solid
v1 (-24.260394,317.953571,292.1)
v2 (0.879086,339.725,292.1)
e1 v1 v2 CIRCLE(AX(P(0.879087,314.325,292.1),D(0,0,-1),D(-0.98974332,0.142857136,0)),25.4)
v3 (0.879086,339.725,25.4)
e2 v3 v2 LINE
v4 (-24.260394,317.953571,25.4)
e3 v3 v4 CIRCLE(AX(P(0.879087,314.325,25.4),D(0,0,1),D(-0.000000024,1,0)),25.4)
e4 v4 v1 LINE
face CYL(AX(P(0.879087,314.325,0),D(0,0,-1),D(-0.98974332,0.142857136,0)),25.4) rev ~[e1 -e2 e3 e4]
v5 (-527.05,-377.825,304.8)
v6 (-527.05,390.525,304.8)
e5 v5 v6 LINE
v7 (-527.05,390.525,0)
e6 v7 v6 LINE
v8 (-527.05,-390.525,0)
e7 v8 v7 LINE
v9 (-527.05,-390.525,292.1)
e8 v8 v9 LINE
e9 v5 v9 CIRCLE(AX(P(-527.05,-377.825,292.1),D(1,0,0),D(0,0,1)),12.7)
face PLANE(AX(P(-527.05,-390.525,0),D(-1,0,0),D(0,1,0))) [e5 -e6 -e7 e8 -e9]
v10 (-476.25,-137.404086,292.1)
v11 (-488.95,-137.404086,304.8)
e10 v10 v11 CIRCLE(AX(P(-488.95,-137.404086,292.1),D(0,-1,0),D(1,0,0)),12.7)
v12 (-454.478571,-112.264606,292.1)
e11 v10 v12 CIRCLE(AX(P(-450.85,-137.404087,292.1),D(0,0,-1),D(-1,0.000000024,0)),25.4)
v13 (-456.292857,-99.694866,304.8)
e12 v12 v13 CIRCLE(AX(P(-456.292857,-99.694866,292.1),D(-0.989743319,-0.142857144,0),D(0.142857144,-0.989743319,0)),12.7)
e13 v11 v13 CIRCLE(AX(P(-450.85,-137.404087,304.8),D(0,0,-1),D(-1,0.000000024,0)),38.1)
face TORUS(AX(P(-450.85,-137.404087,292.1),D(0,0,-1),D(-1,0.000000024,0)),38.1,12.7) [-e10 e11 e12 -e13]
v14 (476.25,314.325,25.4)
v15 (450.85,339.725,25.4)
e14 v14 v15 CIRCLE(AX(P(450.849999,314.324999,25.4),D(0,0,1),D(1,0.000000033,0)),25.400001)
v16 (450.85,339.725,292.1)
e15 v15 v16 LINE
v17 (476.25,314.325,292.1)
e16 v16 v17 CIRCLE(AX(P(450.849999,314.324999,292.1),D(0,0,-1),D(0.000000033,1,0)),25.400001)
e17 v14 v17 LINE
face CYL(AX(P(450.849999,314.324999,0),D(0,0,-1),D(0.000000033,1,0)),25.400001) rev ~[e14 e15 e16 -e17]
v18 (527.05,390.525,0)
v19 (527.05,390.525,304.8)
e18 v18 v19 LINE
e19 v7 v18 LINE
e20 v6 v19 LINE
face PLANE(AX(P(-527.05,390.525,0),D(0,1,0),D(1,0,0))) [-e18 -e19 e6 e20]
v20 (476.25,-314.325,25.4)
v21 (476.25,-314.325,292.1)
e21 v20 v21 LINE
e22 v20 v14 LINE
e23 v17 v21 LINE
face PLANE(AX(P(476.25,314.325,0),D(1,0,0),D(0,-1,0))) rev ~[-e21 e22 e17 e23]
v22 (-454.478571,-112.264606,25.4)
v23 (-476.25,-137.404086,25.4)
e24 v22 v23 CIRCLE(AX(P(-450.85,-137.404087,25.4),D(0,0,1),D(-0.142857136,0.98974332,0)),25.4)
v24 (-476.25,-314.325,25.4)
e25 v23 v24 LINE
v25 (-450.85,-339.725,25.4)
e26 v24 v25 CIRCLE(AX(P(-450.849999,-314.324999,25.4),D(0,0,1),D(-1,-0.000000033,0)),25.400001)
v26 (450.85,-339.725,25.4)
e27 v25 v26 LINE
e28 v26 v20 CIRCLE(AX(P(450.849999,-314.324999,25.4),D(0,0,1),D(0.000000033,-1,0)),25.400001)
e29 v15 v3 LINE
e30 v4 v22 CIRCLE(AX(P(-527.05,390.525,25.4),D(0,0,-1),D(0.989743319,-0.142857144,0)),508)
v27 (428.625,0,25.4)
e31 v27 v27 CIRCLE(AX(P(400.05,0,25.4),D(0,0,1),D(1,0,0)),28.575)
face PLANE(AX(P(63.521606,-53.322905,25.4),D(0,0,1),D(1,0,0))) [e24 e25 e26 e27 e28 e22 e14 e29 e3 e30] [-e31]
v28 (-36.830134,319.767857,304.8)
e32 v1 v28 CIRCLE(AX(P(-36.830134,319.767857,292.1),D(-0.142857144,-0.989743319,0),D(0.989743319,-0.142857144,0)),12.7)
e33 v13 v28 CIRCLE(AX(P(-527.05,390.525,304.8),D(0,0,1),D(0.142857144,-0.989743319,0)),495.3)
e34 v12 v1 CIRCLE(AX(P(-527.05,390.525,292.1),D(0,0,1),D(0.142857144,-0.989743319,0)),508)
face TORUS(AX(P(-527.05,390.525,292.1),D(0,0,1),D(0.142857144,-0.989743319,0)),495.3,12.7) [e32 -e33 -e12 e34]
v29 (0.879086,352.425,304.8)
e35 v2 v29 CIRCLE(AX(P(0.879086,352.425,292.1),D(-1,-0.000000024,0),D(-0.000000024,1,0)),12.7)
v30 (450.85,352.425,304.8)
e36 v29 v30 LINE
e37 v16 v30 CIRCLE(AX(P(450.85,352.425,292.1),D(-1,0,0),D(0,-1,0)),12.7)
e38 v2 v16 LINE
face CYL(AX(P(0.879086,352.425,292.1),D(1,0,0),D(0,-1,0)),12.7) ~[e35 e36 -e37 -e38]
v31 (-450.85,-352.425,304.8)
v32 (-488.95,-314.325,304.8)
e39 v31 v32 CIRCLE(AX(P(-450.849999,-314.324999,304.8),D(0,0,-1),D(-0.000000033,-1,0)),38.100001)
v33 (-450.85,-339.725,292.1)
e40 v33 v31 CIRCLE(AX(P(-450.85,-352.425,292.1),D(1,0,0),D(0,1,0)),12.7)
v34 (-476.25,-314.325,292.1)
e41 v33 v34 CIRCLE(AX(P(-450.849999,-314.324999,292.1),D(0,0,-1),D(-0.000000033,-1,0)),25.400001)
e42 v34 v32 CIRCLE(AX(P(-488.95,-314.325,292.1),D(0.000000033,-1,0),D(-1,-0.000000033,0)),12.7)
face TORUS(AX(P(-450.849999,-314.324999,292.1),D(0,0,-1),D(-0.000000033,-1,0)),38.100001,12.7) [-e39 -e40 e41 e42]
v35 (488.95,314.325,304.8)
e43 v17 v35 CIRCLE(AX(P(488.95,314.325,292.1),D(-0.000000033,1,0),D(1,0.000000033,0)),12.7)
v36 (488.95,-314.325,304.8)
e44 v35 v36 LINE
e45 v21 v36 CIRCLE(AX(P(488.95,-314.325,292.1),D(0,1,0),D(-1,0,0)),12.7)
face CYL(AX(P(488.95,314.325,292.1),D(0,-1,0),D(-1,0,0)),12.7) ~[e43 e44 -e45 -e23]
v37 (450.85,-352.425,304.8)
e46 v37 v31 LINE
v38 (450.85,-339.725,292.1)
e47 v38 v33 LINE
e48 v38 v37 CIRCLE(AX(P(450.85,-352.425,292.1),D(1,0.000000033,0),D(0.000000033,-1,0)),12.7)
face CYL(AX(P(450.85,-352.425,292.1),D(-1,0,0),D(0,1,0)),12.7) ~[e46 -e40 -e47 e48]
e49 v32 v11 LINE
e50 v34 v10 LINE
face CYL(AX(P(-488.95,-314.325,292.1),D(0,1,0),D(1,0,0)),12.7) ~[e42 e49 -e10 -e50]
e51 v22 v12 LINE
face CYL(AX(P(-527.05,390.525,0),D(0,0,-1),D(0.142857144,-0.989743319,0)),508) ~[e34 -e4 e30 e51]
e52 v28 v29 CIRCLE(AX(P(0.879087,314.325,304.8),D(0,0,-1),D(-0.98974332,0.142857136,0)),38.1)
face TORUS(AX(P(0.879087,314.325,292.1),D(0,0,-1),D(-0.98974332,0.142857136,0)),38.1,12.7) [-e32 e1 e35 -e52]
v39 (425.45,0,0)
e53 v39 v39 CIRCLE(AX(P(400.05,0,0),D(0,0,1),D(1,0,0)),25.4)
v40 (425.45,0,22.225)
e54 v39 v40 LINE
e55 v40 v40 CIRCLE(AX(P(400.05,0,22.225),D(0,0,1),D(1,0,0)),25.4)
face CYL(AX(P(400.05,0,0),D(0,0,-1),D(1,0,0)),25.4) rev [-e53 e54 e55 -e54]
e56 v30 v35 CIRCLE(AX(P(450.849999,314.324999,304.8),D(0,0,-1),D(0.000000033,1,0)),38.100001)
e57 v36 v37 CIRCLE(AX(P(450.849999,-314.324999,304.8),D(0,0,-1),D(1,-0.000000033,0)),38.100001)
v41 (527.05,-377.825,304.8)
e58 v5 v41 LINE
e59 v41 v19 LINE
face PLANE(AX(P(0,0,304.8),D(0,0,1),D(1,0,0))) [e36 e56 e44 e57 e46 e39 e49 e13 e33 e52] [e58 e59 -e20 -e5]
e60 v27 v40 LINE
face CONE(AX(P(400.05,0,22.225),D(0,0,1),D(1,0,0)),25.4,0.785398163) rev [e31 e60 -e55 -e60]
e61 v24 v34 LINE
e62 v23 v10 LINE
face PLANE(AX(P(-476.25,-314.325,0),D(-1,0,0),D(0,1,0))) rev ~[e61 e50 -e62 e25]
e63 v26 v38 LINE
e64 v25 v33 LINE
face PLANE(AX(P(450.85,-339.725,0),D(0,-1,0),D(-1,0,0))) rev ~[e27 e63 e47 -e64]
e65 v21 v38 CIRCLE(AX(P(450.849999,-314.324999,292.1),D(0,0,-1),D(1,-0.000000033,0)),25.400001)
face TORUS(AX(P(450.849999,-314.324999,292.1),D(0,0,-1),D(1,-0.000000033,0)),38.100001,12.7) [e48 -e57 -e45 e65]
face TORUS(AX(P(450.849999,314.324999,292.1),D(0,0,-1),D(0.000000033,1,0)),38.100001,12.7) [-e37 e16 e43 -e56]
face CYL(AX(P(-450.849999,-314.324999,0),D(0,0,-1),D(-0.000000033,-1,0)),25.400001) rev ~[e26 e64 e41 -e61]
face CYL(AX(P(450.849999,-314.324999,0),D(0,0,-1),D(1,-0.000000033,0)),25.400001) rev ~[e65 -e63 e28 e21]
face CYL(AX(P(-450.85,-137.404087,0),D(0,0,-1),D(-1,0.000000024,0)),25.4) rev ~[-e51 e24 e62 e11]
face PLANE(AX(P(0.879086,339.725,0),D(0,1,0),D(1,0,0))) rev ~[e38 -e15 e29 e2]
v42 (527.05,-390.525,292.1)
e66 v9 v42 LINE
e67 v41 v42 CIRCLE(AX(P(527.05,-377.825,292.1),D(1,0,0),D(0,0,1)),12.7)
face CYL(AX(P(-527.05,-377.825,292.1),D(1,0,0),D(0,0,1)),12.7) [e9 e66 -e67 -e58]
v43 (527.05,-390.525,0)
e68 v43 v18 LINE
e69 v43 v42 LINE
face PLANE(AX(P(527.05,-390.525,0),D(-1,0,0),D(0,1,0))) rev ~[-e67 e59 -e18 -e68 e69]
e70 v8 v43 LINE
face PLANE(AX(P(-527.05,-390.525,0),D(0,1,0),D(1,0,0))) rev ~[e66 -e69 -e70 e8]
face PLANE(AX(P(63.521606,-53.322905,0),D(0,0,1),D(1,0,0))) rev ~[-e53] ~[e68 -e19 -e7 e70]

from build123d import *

# Parameters (mm, degrees)
F0_W     = 1054.1
F0_H     = 781.05
F1_DEPTH = 304.8
F0_R     = 25.4
F2_DEPTH = 25.4
F3_R     = 12.7
F4_SIZE  = 3.175
F5_R     = 12.7


with BuildPart() as f1:
    # F0 (on Top) → F1 (new body)
    with BuildSketch(Plane.XY):
        Rectangle(F0_W, F0_H)
        with BuildLine():
            ThreePointArc((-24.260394, 317.953571), (-15.749117, 333.525595), (0.879086, 339.725))
            Line((0.879086, 339.725), (450.85, 339.725))
            ThreePointArc((450.85, 339.725), (468.810512, 332.285512), (476.25, 314.325))
            Line((476.25, 314.325), (476.25, -314.325))
            ThreePointArc((476.25, -314.325), (468.810512, -332.285512), (450.85, -339.725))
            Line((450.85, -339.725), (-450.85, -339.725))
            ThreePointArc((-450.85, -339.725), (-468.810512, -332.285512), (-476.25, -314.325))
            Line((-476.25, -314.325), (-476.25, -137.404086))
            ThreePointArc((-476.25, -137.404086), (-470.050595, -120.775883), (-454.478571, -112.264606))
            ThreePointArc((-454.478571, -112.264606), (-167.839755, 31.314755), (-24.260394, 317.953571))
        make_face(mode=Mode.SUBTRACT)
    extrude(amount=F1_DEPTH)

    # F0 (on Top) → F2 (join)
    with BuildSketch(Plane.XY):
        with BuildLine():
            Line((450.85, 339.725), (0.879086, 339.725))
            ThreePointArc((0.879086, 339.725), (-15.749117, 333.525595), (-24.260394, 317.953571))
            ThreePointArc((-24.260394, 317.953571), (-167.839755, 31.314755), (-454.478571, -112.264606))
            ThreePointArc((-454.478571, -112.264606), (-470.050595, -120.775883), (-476.25, -137.404086))
            Line((-476.25, -137.404086), (-476.25, -314.325))
            ThreePointArc((-476.25, -314.325), (-468.810512, -332.285512), (-450.85, -339.725))
            Line((-450.85, -339.725), (450.85, -339.725))
            ThreePointArc((450.85, -339.725), (468.810512, -332.285512), (476.25, -314.325))
            Line((476.25, -314.325), (476.25, 314.325))
            ThreePointArc((476.25, 314.325), (468.810512, 332.285512), (450.85, 339.725))
        make_face()
        with Locations((400.05, 0)):
            Circle(F0_R, mode=Mode.SUBTRACT)
    extrude(amount=F2_DEPTH)

    # F3
    f3_edges = [f1.edges().sort_by_distance(p)[0] for p in [
        (-167.839755, 31.314755, 304.8),
    ]]
    fillet(f3_edges, radius=F3_R)

    # F4
    f4_edges = [f1.edges().sort_by_distance(p)[0] for p in [
        (374.65, 0, 25.4),
    ]]
    chamfer(f4_edges, length=F4_SIZE)

    # F5
    f5_edges = [f1.edges().sort_by_distance(p)[0] for p in [
        (0, -390.525, 304.8),
    ]]
    fillet(f5_edges, radius=F5_R)


solid = f1.part
